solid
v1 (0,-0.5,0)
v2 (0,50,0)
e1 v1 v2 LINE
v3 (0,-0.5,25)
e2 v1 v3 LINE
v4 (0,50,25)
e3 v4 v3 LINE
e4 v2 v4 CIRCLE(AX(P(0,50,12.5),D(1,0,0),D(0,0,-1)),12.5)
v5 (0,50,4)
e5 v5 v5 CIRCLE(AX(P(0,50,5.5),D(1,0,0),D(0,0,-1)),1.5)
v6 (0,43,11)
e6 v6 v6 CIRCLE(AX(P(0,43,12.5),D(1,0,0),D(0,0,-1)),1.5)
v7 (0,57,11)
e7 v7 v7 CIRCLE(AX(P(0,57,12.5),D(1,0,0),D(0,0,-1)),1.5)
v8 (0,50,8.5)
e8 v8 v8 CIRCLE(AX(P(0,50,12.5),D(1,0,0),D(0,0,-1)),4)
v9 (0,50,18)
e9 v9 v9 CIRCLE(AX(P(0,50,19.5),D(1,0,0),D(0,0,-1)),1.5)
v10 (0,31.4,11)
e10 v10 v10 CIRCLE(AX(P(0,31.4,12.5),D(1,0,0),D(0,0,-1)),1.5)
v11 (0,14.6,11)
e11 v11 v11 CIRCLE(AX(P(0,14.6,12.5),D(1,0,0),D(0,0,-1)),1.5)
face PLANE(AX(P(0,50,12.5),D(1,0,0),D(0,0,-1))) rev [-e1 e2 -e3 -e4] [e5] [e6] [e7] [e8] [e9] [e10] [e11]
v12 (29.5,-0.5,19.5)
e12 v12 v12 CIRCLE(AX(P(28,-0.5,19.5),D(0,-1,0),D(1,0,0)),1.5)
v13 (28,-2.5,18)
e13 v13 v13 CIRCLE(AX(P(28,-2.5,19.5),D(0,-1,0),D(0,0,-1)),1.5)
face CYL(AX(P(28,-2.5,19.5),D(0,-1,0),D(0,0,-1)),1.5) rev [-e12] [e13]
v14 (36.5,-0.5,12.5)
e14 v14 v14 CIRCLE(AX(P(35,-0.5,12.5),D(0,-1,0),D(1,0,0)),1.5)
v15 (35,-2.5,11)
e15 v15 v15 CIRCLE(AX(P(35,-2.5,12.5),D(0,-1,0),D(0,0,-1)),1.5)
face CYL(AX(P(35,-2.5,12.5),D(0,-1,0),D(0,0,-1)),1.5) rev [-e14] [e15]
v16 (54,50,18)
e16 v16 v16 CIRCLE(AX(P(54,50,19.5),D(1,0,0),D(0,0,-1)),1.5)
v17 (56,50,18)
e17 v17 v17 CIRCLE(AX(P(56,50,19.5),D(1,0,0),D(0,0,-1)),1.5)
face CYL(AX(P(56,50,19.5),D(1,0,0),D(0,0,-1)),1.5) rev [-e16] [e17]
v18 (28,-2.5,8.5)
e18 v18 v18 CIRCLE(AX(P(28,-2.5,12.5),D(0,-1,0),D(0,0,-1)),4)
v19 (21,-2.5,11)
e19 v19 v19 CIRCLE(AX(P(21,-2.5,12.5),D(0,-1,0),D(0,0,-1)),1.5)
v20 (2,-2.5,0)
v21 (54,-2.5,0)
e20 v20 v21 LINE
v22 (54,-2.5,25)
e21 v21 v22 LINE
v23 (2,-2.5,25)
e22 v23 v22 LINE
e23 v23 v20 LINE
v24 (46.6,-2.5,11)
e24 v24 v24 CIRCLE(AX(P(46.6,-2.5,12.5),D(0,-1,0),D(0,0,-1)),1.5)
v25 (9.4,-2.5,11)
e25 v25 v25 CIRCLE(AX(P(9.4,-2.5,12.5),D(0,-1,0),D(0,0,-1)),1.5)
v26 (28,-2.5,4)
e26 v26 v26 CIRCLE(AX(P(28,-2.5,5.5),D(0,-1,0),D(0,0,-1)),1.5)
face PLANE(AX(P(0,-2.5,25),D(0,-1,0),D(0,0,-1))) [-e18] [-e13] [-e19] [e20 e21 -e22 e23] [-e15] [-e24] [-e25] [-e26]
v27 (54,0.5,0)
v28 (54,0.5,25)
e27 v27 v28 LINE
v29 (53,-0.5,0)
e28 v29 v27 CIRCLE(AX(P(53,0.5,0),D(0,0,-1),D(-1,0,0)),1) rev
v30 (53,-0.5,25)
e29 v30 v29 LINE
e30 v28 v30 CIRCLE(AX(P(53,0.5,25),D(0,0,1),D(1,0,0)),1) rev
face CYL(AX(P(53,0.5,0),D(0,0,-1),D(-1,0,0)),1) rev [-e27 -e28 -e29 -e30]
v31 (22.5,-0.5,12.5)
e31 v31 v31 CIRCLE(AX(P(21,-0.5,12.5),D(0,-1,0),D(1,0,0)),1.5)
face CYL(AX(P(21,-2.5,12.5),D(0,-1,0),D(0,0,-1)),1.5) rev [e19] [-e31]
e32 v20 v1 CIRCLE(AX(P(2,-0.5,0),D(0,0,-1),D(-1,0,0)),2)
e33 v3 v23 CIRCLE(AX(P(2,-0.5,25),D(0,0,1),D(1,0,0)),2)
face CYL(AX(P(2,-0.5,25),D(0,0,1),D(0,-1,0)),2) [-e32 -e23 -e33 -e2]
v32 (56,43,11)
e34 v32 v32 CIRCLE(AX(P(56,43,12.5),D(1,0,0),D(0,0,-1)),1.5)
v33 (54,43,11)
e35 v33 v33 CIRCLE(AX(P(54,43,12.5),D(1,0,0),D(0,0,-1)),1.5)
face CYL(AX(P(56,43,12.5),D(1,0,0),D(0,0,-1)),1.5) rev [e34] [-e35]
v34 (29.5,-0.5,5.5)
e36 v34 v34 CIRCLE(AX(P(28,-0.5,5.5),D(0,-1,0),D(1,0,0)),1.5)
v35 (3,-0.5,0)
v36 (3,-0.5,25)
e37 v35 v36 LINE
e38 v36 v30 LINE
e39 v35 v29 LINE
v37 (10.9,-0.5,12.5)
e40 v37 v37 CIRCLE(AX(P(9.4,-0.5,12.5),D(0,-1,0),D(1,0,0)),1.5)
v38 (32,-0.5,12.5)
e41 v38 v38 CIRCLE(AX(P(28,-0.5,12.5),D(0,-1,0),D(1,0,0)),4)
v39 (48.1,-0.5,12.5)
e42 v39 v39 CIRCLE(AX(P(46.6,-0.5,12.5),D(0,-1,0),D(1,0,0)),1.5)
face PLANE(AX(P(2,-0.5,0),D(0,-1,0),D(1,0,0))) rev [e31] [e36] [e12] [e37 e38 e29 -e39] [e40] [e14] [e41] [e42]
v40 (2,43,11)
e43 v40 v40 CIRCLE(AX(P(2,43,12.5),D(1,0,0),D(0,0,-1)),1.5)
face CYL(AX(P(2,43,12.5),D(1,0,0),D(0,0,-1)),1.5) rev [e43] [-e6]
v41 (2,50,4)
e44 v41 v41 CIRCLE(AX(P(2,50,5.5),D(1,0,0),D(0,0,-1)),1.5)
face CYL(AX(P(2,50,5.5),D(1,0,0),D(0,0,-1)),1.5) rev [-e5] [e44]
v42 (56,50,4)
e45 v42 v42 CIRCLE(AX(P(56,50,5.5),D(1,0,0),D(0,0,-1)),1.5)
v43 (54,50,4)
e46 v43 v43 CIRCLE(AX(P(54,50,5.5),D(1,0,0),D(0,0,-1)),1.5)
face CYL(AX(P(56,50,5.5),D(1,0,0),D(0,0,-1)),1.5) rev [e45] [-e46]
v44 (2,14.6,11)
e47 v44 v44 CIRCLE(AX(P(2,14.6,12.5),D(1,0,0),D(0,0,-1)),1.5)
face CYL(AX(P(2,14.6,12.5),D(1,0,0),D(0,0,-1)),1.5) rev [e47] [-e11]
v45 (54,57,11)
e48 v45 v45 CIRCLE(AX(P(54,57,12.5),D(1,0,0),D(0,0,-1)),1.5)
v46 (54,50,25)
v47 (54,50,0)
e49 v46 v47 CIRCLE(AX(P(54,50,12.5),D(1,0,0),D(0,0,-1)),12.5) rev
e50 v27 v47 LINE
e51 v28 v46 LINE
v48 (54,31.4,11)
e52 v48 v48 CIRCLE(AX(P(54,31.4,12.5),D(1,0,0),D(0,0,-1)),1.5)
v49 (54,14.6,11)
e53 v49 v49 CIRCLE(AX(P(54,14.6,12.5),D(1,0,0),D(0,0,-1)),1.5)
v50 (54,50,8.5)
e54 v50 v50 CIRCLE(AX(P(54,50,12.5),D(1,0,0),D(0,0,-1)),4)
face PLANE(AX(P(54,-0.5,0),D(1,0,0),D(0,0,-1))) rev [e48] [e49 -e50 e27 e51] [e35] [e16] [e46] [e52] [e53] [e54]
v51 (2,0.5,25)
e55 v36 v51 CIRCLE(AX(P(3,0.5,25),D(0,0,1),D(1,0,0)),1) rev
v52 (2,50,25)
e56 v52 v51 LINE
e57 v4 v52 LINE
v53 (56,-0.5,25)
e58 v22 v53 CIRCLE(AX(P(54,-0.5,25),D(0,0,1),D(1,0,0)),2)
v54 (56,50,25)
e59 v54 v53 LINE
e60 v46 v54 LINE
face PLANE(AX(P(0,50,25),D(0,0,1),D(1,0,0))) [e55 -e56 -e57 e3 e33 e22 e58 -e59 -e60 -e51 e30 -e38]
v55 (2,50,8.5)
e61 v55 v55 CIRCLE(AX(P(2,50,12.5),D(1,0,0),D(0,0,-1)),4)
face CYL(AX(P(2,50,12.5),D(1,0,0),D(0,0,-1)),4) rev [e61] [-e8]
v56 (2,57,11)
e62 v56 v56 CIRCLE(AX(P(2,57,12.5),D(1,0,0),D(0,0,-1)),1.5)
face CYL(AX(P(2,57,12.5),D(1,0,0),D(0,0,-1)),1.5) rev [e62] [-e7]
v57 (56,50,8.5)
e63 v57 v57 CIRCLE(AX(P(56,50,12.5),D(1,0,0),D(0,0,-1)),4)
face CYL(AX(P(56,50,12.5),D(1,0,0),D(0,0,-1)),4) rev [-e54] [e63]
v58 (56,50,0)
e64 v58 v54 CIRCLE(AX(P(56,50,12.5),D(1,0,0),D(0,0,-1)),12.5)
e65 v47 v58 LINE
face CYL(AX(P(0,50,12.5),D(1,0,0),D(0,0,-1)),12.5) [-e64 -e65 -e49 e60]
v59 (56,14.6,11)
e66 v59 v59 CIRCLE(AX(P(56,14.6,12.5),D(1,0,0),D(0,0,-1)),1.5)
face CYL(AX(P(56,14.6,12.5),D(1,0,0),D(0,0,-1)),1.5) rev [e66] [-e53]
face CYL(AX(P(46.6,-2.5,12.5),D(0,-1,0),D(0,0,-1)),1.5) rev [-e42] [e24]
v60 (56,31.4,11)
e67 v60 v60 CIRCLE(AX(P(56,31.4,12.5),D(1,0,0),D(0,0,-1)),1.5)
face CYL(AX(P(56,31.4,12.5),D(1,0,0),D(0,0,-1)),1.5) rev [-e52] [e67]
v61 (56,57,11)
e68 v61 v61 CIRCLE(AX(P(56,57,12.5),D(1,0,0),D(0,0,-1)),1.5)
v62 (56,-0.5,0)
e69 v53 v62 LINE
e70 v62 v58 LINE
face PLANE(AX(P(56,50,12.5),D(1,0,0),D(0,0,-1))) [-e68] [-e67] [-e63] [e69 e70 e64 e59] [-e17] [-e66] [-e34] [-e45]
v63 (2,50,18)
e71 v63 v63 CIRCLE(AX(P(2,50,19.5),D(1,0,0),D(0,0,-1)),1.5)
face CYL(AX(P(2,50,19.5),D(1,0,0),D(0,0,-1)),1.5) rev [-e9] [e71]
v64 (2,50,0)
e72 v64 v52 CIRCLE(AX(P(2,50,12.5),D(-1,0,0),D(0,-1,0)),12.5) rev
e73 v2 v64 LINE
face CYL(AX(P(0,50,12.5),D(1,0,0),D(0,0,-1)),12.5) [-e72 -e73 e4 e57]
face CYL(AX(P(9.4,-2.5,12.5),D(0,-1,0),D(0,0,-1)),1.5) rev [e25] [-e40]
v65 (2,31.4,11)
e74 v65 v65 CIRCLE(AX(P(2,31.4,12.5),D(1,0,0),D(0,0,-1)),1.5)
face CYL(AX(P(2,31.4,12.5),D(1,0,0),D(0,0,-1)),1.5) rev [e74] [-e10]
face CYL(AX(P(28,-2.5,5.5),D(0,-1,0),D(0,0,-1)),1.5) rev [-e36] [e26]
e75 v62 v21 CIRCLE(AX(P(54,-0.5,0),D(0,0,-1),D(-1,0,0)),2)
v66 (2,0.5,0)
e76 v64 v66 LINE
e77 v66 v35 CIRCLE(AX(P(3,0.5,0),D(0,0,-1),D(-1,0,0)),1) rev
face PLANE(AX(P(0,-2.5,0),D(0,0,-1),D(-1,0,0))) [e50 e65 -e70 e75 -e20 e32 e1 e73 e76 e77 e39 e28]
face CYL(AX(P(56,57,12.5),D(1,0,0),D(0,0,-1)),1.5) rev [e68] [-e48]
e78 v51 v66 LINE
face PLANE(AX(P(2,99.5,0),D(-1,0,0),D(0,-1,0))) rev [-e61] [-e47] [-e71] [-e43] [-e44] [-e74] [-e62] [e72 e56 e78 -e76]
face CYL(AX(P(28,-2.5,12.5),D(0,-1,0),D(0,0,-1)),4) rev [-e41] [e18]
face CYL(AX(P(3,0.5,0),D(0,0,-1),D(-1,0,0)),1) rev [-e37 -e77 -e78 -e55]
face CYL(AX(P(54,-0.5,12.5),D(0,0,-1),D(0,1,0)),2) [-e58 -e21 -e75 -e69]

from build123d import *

# Parameters (mm, degrees)
EXTRUDE_1_DEPTH           = 56
SKETCH_2_W                = 52
SKETCH_2_H                = 100
CUT_EXTRUDE_1_DEPTH       = 88.562834582
HOLE_WIZARD_8_0_8_1_D     = 8
HOLE_WIZARD_8_0_8_1_DEPTH = 2
HOLE_WIZARD_8_0_8_2_D     = 8
HOLE_WIZARD_3_0_3_1_D     = 3
HOLE_WIZARD_3_0_3_1_DEPTH = 2
HOLE_WIZARD_3_0_3_2_D     = 3
HOLE_WIZARD_3_0_3_3_D     = 3
HOLE_WIZARD_8_0_8_3_D     = 8
FILLET_1_R                = 1
FILLET_2_R                = 2


with BuildPart() as part:
    # 草图1 → 凸台-拉伸1 (new body)
    with BuildSketch(Plane(origin=(56, 0, 0), x_dir=(0, 0, -1), z_dir=(1, 0, 0))):
        with BuildLine():
            Line((-25, 50), (-25, -2.5))
            Line((-25, -2.5), (0, -2.5))
            Line((0, -2.5), (0, 50))
            ThreePointArc((0, 50), (-12.5, 62.5), (-25, 50))
        make_face()
    extrude(amount=-EXTRUDE_1_DEPTH)

    # 草图2 → 切除-拉伸1 (cut, through all)
    with BuildSketch(Plane.XY.offset(25)):
        with Locations((28, 49.5)):
            Rectangle(SKETCH_2_W, SKETCH_2_H)
    extrude(amount=-CUT_EXTRUDE_1_DEPTH, mode=Mode.SUBTRACT)

    # Ø8.0 (8) 直径孔1
    with Locations(Plane(origin=(56, 0, 0), x_dir=(0, 0, -1), z_dir=(1, 0, 0))):
        with Locations((-12.5, 50)):
            Hole(HOLE_WIZARD_8_0_8_1_D / 2, depth=HOLE_WIZARD_8_0_8_1_DEPTH)

    # Ø8.0 (8) 直径孔2 (through all)
    with Locations(Plane(origin=(2, 0, 0), x_dir=(0, 0, -1), z_dir=(1, 0, 0))):
        with Locations((-12.5, 50)):
            Hole(HOLE_WIZARD_8_0_8_2_D / 2)

    # Ø3.0 (3) 直径孔1
    with Locations(Plane(origin=(56, 0, 0), x_dir=(0, 0, -1), z_dir=(1, 0, 0))):
        with Locations((-5.5, 50), (-12.5, 57), (-12.5, 31.4), (-12.5, 43), (-19.5, 50), (-12.5, 14.6)):
            Hole(HOLE_WIZARD_3_0_3_1_D / 2, depth=HOLE_WIZARD_3_0_3_1_DEPTH)

    # Ø3.0 (3) 直径孔2 (through all)
    with Locations(Plane(origin=(2, 0, 0), x_dir=(0, 0, -1), z_dir=(1, 0, 0))):
        with Locations((-5.5, 50), (-12.5, 57), (-12.5, 31.4), (-12.5, 43), (-19.5, 50), (-12.5, 14.6)):
            Hole(HOLE_WIZARD_3_0_3_2_D / 2)

    # Ø3.0 (3) 直径孔3 (through all)
    with Locations(Plane(origin=(0, -2.5, 0), x_dir=(-1, 0, 0), z_dir=(0, -1, 0))):
        with Locations((-46.6, -12.5), (-21, -12.5), (-35, -12.5), (-9.4, -12.5), (-28, -19.5), (-28, -5.5)):
            Hole(HOLE_WIZARD_3_0_3_3_D / 2)

    # Ø8.0 (8) 直径孔3 (through all)
    with Locations(Plane(origin=(0, -2.5, 0), x_dir=(-1, 0, 0), z_dir=(0, -1, 0))):
        with Locations((-28, -12.5)):
            Hole(HOLE_WIZARD_8_0_8_3_D / 2)

    # 圆角1
    fillet_1_edges = [part.edges().sort_by_distance(p)[0] for p in [
        (54, -0.5, 12.5),
        (2, -0.5, 12.5),
    ]]
    fillet(fillet_1_edges, radius=FILLET_1_R)

    # 圆角2
    fillet_2_edges = [part.edges().sort_by_distance(p)[0] for p in [
        (0, -2.5, 12.5),
        (56, -2.5, 12.5),
    ]]
    fillet(fillet_2_edges, radius=FILLET_2_R)


solid = part.part
